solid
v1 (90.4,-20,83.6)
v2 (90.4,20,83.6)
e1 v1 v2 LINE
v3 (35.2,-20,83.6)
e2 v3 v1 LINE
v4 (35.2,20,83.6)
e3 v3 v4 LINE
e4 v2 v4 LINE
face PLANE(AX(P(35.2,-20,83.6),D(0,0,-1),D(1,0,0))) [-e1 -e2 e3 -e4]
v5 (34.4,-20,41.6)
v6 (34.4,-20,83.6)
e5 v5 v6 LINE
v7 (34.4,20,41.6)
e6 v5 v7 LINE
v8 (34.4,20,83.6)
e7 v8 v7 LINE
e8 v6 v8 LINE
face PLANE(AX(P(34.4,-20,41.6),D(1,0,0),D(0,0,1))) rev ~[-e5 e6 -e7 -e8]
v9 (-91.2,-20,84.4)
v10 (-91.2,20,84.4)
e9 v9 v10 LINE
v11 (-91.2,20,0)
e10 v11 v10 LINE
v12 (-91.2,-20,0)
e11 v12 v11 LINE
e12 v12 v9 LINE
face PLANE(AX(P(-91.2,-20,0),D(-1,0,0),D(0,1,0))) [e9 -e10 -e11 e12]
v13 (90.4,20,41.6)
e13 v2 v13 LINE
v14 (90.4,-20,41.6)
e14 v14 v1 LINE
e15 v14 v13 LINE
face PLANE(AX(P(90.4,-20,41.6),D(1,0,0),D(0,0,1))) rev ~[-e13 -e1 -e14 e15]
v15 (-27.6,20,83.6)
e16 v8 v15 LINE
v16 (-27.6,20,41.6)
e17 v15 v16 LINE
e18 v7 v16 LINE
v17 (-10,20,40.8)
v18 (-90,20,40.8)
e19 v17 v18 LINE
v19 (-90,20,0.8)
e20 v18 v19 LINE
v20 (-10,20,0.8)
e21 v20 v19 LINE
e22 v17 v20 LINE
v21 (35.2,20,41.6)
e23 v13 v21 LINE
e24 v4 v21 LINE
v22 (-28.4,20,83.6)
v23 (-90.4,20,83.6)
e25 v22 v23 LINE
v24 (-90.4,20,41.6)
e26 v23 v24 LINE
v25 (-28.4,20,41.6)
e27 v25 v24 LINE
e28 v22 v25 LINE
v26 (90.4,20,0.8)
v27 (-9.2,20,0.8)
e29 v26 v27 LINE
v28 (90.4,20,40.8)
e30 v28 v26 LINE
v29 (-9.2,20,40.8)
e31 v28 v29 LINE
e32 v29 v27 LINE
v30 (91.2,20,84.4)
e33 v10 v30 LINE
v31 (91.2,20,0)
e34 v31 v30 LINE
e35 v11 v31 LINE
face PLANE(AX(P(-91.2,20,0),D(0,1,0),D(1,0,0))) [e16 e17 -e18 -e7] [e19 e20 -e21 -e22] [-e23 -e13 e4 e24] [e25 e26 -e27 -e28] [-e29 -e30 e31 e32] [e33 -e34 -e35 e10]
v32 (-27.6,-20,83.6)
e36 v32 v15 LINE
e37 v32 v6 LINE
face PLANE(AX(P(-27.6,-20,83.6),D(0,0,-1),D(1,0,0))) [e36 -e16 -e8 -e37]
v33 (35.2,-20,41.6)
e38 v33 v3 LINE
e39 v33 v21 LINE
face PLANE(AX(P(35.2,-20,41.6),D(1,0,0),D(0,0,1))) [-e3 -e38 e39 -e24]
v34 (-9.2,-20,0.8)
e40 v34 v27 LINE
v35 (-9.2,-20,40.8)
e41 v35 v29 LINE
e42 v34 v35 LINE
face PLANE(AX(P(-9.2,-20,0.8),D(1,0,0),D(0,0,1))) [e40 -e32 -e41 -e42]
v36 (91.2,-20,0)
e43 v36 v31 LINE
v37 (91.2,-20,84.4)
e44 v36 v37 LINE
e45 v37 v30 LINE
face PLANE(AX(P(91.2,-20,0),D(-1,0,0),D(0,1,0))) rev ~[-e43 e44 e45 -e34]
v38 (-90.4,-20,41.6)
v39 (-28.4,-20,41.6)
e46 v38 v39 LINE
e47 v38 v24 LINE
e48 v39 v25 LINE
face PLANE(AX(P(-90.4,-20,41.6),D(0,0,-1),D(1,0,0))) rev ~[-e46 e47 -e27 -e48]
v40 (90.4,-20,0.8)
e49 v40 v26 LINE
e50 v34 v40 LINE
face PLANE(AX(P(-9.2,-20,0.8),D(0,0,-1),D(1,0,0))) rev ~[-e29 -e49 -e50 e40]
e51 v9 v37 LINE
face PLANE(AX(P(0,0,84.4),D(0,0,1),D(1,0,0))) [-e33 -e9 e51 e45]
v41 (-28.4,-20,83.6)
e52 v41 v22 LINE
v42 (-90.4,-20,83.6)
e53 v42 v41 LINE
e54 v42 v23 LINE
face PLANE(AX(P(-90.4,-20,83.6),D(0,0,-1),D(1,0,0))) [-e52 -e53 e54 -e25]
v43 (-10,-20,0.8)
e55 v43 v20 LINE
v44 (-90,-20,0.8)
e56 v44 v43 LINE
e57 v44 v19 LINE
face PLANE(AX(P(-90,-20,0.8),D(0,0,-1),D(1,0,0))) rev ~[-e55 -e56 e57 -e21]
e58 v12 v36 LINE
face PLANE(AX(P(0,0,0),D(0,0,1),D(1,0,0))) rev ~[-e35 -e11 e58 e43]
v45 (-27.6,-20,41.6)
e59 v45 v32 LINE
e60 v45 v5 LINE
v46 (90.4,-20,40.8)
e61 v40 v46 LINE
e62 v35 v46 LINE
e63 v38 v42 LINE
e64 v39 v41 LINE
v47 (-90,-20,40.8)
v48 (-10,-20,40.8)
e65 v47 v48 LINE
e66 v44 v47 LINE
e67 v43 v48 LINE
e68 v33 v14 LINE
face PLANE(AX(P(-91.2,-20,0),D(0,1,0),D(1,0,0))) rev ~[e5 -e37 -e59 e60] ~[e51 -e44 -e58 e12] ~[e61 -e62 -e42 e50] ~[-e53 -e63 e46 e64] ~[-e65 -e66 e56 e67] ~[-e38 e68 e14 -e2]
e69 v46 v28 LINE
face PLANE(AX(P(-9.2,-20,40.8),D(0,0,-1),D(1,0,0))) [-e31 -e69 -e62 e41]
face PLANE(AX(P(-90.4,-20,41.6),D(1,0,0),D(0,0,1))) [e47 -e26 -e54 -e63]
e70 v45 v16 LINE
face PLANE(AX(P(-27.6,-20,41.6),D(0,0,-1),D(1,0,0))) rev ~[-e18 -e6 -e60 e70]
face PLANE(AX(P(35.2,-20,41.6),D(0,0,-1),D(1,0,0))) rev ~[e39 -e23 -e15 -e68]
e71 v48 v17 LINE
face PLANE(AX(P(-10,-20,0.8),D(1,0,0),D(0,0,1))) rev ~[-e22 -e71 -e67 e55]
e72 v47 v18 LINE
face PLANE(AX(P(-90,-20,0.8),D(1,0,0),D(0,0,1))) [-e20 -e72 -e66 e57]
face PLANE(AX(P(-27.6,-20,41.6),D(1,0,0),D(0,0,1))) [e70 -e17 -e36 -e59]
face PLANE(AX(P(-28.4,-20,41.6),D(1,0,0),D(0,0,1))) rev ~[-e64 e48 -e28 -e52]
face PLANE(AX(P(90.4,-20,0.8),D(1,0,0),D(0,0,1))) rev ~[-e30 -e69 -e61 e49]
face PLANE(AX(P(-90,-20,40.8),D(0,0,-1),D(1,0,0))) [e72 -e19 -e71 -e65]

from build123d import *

# Parameters (mm, degrees)
F0_W     = 182.4
F0_H     = 40
F1_DEPTH = 84.4
F2_W     = 99.6
F2_H     = 40
F2_W_2   = 80
F2_W_3   = 55.2
F2_H_2   = 42
F2_W_4   = 62
F3_DEPTH = 833.71328


with BuildPart() as f1:
    # F0 (on Top) → F1 (new body)
    with BuildSketch(Plane.XY):
        Rectangle(F0_W, F0_H)
    extrude(amount=F1_DEPTH)

    # F2 (on face) → F3 (cut)
    with BuildSketch(Plane.XZ.offset(20)):
        with Locations((40.6, 20.8)):
            Rectangle(F2_W, F2_H)
        with Locations((-50, 20.8)):
            Rectangle(F2_W_2, F2_H)
        with Locations((62.8, 62.6)):
            Rectangle(F2_W_3, F2_H_2)
        with Locations((-59.4, 62.6)):
            Rectangle(F2_W_4, F2_H_2)
        with Locations((3.4, 62.6)):
            Rectangle(F2_W_4, F2_H_2)
    extrude(amount=-F3_DEPTH, mode=Mode.SUBTRACT)


solid = f1.part
